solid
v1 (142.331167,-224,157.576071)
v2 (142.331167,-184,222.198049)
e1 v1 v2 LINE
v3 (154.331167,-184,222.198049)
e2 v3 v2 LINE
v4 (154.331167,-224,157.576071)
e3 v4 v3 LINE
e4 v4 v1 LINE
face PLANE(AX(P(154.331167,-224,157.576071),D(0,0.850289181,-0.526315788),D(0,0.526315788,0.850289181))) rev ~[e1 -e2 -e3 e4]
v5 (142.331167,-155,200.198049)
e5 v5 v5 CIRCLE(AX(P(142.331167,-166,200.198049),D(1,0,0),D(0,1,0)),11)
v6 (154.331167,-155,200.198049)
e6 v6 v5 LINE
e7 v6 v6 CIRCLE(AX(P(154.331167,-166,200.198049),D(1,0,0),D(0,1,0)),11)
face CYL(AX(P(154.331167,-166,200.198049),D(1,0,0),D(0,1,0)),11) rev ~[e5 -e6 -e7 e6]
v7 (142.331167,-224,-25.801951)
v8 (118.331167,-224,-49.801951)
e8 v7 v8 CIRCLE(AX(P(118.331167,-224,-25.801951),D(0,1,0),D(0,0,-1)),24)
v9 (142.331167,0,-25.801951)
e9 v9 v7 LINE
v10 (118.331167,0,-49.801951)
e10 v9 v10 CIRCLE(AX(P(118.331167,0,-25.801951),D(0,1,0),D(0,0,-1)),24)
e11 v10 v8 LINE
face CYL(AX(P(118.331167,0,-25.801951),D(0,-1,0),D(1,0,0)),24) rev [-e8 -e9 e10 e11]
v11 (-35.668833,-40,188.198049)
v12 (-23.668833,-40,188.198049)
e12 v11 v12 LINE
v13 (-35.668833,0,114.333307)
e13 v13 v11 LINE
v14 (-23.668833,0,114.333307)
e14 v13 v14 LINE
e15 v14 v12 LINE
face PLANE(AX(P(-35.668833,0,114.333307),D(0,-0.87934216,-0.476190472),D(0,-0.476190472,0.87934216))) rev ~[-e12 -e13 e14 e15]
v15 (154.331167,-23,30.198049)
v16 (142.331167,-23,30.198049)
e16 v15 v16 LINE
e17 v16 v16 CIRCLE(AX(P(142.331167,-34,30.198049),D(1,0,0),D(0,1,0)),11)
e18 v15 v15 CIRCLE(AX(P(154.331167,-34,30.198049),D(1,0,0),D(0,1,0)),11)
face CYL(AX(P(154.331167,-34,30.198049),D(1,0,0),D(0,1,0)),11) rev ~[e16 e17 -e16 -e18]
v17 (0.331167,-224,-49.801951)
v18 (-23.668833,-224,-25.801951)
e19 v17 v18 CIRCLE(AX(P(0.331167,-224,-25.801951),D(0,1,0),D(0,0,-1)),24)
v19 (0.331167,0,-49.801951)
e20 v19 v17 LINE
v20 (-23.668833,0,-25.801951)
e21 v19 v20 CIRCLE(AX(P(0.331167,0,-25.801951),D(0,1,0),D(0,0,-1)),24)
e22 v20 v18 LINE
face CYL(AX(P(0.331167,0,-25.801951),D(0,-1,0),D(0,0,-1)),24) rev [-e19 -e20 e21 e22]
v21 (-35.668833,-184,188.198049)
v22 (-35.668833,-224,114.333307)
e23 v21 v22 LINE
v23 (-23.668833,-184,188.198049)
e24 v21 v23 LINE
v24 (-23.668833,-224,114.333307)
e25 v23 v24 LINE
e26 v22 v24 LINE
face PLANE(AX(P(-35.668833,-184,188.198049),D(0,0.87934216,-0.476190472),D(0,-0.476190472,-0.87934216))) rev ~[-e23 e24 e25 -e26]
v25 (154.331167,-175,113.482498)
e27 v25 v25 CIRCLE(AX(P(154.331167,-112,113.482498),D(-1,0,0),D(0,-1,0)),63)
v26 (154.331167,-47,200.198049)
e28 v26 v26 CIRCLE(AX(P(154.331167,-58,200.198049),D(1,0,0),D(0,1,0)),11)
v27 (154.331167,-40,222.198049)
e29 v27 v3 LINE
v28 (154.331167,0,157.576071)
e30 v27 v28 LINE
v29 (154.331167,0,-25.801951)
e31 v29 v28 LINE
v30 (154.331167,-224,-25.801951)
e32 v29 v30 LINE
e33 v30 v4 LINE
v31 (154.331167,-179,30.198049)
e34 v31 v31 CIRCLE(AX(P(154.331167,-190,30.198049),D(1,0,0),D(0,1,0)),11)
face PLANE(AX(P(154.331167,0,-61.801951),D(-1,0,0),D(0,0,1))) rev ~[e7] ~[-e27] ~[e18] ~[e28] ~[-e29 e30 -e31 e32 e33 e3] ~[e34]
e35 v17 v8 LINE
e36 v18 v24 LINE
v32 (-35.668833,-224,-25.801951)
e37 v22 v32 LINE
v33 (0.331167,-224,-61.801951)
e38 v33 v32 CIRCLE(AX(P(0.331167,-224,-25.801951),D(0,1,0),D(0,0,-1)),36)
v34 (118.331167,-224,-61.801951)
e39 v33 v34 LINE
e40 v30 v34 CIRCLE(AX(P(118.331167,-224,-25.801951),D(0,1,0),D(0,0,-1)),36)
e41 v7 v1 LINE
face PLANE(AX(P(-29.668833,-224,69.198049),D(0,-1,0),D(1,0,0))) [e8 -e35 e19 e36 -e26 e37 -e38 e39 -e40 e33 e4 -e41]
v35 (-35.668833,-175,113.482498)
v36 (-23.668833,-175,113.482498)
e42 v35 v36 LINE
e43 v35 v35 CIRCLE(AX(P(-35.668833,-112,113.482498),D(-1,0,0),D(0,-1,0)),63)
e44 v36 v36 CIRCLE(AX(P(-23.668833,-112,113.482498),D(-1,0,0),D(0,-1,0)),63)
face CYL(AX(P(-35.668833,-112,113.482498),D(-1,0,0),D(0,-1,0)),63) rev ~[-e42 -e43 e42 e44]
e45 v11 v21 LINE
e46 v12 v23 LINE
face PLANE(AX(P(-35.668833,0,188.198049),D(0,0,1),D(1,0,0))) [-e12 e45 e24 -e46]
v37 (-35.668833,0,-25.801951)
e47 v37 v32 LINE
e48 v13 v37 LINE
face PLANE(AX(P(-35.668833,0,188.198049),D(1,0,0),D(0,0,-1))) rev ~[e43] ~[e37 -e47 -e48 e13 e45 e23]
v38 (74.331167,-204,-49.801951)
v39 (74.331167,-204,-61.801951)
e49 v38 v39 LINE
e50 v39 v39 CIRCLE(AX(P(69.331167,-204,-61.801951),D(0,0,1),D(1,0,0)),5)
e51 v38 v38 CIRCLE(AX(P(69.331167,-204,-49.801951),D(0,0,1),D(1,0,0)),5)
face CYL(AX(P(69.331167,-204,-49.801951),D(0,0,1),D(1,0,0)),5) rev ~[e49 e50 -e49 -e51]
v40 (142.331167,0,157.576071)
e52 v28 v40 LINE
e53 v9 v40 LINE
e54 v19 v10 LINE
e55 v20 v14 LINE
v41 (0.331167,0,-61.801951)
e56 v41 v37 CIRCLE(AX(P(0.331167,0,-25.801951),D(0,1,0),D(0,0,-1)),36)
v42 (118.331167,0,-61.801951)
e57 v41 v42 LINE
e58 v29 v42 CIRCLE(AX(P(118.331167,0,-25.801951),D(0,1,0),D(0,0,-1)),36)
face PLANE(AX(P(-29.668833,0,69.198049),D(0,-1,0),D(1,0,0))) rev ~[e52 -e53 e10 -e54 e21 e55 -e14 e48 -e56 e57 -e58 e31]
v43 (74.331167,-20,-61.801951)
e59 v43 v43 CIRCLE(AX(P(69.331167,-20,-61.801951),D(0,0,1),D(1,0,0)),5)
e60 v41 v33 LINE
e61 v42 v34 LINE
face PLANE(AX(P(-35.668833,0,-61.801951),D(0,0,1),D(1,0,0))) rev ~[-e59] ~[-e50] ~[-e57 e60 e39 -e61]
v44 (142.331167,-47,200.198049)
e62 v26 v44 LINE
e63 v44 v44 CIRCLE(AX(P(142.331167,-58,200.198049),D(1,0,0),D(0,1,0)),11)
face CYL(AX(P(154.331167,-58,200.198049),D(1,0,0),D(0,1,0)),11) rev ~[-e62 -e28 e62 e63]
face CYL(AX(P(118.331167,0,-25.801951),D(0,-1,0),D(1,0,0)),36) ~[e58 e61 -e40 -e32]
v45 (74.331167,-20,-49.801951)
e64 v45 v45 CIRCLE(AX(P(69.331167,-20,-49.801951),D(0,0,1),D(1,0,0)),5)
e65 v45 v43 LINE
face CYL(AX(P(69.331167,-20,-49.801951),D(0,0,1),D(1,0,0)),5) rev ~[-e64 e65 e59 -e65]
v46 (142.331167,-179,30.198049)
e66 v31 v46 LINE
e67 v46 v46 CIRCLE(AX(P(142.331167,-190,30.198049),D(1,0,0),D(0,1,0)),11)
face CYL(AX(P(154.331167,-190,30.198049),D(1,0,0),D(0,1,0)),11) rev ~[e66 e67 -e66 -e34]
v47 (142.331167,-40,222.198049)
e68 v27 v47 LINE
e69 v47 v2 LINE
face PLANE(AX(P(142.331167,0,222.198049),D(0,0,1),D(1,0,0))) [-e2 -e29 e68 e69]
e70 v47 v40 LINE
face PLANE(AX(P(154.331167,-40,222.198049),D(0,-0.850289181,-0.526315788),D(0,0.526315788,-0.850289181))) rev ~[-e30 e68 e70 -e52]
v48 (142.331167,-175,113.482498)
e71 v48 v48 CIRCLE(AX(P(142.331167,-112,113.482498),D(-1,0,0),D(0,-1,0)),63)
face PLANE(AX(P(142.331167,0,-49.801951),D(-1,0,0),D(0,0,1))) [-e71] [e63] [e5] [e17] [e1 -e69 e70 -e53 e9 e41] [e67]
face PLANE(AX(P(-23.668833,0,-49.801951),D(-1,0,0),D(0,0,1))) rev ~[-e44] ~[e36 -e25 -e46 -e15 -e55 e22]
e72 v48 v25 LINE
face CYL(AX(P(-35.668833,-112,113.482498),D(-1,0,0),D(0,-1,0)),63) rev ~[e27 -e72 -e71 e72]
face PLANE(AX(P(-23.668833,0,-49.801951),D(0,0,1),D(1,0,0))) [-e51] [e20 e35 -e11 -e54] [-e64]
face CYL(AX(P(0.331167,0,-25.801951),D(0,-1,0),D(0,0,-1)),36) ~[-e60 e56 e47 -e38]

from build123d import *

# Parameters (mm, degrees)
F0_W      = 12
F0_H      = 238
F0_H_2    = 12
F0_W_2    = 166
F0_H_3    = 272
F1_DEPTH  = 224
F2_R      = 24
F3_R      = 36
F5_DEPTH  = 12
F7_DEPTH  = 12
F8_R      = 63
F9_DEPTH  = 190
F10_R     = 11
F11_DEPTH = 25
F12_R     = 5
F13_DEPTH = 25


with BuildPart() as f1:
    # F0 (on Front) → F1 (new body)
    with BuildSketch(Plane.XZ):
        with Locations((-29.668833, 69.198049)):
            Rectangle(F0_W, F0_H)
        with Locations((-29.668833, -55.801951)):
            Rectangle(F0_W, F0_H_2)
        with Locations((59.331167, -55.801951)):
            Rectangle(F0_W_2, F0_H_2)
        with Locations((148.331167, 86.198049)):
            Rectangle(F0_W, F0_H_3)
        with Locations((148.331167, -55.801951)):
            Rectangle(F0_W, F0_H_2)
    extrude(amount=F1_DEPTH)

    # F2
    f2_edges = [f1.edges().sort_by_distance(p)[0] for p in [
        (-23.668833, -112, -49.801951),
        (142.331167, -112, -49.801951),
    ]]
    fillet(f2_edges, radius=F2_R)

    # F3
    f3_edges = [f1.edges().sort_by_distance(p)[0] for p in [
        (154.331167, -112, -61.801951),
        (-35.668833, -112, -61.801951),
    ]]
    fillet(f3_edges, radius=F3_R)

    # F4 (on face) → F5 (cut)
    with BuildSketch(Plane(origin=(-35.668833, 0, 0), x_dir=(0, -1, 0), z_dir=(-1, 0, 0))):
        Polygon((0, 114.333307), (40, 188.198049), (0, 188.198049), align=None)
        Polygon((224, 188.198049), (184, 188.198049), (224, 114.333307), align=None)
    extrude(amount=-F5_DEPTH, mode=Mode.SUBTRACT)

    # F6 (on face) → F7 (cut)
    with BuildSketch(Plane.YZ.offset(154.331167)):
        Polygon((-224, 222.198049), (-224, 157.576071), (-184, 222.198049), align=None)
        Polygon((0, 222.198049), (-40, 222.198049), (0, 157.576071), align=None)
    extrude(amount=-F7_DEPTH, mode=Mode.SUBTRACT)

    # F8 (on face) → F9 (cut)
    with BuildSketch(Plane(origin=(-35.668833, 0, 0), x_dir=(0, -1, 0), z_dir=(-1, 0, 0))):
        with Locations((112, 113.482498)):
            Circle(F8_R)
    extrude(amount=-F9_DEPTH, mode=Mode.SUBTRACT)

    # F10 (on face) → F11 (cut)
    with BuildSketch(Plane.YZ.offset(154.331167)):
        with Locations((-166, 200.198049)):
            Circle(F10_R)
        with Locations((-58, 200.198049)):
            Circle(F10_R)
        with Locations((-34, 30.198049)):
            Circle(F10_R)
        with Locations((-190, 30.198049)):
            Circle(F10_R)
    extrude(amount=-F11_DEPTH, mode=Mode.SUBTRACT)

    # F12 (on face) → F13 (cut)
    with BuildSketch(Plane.XY.offset(-49.801951)):
        with Locations((69.331167, -204)):
            Circle(F12_R)
        with Locations((69.331167, -20)):
            Circle(F12_R)
    extrude(amount=-F13_DEPTH, mode=Mode.SUBTRACT)


solid = f1.part
